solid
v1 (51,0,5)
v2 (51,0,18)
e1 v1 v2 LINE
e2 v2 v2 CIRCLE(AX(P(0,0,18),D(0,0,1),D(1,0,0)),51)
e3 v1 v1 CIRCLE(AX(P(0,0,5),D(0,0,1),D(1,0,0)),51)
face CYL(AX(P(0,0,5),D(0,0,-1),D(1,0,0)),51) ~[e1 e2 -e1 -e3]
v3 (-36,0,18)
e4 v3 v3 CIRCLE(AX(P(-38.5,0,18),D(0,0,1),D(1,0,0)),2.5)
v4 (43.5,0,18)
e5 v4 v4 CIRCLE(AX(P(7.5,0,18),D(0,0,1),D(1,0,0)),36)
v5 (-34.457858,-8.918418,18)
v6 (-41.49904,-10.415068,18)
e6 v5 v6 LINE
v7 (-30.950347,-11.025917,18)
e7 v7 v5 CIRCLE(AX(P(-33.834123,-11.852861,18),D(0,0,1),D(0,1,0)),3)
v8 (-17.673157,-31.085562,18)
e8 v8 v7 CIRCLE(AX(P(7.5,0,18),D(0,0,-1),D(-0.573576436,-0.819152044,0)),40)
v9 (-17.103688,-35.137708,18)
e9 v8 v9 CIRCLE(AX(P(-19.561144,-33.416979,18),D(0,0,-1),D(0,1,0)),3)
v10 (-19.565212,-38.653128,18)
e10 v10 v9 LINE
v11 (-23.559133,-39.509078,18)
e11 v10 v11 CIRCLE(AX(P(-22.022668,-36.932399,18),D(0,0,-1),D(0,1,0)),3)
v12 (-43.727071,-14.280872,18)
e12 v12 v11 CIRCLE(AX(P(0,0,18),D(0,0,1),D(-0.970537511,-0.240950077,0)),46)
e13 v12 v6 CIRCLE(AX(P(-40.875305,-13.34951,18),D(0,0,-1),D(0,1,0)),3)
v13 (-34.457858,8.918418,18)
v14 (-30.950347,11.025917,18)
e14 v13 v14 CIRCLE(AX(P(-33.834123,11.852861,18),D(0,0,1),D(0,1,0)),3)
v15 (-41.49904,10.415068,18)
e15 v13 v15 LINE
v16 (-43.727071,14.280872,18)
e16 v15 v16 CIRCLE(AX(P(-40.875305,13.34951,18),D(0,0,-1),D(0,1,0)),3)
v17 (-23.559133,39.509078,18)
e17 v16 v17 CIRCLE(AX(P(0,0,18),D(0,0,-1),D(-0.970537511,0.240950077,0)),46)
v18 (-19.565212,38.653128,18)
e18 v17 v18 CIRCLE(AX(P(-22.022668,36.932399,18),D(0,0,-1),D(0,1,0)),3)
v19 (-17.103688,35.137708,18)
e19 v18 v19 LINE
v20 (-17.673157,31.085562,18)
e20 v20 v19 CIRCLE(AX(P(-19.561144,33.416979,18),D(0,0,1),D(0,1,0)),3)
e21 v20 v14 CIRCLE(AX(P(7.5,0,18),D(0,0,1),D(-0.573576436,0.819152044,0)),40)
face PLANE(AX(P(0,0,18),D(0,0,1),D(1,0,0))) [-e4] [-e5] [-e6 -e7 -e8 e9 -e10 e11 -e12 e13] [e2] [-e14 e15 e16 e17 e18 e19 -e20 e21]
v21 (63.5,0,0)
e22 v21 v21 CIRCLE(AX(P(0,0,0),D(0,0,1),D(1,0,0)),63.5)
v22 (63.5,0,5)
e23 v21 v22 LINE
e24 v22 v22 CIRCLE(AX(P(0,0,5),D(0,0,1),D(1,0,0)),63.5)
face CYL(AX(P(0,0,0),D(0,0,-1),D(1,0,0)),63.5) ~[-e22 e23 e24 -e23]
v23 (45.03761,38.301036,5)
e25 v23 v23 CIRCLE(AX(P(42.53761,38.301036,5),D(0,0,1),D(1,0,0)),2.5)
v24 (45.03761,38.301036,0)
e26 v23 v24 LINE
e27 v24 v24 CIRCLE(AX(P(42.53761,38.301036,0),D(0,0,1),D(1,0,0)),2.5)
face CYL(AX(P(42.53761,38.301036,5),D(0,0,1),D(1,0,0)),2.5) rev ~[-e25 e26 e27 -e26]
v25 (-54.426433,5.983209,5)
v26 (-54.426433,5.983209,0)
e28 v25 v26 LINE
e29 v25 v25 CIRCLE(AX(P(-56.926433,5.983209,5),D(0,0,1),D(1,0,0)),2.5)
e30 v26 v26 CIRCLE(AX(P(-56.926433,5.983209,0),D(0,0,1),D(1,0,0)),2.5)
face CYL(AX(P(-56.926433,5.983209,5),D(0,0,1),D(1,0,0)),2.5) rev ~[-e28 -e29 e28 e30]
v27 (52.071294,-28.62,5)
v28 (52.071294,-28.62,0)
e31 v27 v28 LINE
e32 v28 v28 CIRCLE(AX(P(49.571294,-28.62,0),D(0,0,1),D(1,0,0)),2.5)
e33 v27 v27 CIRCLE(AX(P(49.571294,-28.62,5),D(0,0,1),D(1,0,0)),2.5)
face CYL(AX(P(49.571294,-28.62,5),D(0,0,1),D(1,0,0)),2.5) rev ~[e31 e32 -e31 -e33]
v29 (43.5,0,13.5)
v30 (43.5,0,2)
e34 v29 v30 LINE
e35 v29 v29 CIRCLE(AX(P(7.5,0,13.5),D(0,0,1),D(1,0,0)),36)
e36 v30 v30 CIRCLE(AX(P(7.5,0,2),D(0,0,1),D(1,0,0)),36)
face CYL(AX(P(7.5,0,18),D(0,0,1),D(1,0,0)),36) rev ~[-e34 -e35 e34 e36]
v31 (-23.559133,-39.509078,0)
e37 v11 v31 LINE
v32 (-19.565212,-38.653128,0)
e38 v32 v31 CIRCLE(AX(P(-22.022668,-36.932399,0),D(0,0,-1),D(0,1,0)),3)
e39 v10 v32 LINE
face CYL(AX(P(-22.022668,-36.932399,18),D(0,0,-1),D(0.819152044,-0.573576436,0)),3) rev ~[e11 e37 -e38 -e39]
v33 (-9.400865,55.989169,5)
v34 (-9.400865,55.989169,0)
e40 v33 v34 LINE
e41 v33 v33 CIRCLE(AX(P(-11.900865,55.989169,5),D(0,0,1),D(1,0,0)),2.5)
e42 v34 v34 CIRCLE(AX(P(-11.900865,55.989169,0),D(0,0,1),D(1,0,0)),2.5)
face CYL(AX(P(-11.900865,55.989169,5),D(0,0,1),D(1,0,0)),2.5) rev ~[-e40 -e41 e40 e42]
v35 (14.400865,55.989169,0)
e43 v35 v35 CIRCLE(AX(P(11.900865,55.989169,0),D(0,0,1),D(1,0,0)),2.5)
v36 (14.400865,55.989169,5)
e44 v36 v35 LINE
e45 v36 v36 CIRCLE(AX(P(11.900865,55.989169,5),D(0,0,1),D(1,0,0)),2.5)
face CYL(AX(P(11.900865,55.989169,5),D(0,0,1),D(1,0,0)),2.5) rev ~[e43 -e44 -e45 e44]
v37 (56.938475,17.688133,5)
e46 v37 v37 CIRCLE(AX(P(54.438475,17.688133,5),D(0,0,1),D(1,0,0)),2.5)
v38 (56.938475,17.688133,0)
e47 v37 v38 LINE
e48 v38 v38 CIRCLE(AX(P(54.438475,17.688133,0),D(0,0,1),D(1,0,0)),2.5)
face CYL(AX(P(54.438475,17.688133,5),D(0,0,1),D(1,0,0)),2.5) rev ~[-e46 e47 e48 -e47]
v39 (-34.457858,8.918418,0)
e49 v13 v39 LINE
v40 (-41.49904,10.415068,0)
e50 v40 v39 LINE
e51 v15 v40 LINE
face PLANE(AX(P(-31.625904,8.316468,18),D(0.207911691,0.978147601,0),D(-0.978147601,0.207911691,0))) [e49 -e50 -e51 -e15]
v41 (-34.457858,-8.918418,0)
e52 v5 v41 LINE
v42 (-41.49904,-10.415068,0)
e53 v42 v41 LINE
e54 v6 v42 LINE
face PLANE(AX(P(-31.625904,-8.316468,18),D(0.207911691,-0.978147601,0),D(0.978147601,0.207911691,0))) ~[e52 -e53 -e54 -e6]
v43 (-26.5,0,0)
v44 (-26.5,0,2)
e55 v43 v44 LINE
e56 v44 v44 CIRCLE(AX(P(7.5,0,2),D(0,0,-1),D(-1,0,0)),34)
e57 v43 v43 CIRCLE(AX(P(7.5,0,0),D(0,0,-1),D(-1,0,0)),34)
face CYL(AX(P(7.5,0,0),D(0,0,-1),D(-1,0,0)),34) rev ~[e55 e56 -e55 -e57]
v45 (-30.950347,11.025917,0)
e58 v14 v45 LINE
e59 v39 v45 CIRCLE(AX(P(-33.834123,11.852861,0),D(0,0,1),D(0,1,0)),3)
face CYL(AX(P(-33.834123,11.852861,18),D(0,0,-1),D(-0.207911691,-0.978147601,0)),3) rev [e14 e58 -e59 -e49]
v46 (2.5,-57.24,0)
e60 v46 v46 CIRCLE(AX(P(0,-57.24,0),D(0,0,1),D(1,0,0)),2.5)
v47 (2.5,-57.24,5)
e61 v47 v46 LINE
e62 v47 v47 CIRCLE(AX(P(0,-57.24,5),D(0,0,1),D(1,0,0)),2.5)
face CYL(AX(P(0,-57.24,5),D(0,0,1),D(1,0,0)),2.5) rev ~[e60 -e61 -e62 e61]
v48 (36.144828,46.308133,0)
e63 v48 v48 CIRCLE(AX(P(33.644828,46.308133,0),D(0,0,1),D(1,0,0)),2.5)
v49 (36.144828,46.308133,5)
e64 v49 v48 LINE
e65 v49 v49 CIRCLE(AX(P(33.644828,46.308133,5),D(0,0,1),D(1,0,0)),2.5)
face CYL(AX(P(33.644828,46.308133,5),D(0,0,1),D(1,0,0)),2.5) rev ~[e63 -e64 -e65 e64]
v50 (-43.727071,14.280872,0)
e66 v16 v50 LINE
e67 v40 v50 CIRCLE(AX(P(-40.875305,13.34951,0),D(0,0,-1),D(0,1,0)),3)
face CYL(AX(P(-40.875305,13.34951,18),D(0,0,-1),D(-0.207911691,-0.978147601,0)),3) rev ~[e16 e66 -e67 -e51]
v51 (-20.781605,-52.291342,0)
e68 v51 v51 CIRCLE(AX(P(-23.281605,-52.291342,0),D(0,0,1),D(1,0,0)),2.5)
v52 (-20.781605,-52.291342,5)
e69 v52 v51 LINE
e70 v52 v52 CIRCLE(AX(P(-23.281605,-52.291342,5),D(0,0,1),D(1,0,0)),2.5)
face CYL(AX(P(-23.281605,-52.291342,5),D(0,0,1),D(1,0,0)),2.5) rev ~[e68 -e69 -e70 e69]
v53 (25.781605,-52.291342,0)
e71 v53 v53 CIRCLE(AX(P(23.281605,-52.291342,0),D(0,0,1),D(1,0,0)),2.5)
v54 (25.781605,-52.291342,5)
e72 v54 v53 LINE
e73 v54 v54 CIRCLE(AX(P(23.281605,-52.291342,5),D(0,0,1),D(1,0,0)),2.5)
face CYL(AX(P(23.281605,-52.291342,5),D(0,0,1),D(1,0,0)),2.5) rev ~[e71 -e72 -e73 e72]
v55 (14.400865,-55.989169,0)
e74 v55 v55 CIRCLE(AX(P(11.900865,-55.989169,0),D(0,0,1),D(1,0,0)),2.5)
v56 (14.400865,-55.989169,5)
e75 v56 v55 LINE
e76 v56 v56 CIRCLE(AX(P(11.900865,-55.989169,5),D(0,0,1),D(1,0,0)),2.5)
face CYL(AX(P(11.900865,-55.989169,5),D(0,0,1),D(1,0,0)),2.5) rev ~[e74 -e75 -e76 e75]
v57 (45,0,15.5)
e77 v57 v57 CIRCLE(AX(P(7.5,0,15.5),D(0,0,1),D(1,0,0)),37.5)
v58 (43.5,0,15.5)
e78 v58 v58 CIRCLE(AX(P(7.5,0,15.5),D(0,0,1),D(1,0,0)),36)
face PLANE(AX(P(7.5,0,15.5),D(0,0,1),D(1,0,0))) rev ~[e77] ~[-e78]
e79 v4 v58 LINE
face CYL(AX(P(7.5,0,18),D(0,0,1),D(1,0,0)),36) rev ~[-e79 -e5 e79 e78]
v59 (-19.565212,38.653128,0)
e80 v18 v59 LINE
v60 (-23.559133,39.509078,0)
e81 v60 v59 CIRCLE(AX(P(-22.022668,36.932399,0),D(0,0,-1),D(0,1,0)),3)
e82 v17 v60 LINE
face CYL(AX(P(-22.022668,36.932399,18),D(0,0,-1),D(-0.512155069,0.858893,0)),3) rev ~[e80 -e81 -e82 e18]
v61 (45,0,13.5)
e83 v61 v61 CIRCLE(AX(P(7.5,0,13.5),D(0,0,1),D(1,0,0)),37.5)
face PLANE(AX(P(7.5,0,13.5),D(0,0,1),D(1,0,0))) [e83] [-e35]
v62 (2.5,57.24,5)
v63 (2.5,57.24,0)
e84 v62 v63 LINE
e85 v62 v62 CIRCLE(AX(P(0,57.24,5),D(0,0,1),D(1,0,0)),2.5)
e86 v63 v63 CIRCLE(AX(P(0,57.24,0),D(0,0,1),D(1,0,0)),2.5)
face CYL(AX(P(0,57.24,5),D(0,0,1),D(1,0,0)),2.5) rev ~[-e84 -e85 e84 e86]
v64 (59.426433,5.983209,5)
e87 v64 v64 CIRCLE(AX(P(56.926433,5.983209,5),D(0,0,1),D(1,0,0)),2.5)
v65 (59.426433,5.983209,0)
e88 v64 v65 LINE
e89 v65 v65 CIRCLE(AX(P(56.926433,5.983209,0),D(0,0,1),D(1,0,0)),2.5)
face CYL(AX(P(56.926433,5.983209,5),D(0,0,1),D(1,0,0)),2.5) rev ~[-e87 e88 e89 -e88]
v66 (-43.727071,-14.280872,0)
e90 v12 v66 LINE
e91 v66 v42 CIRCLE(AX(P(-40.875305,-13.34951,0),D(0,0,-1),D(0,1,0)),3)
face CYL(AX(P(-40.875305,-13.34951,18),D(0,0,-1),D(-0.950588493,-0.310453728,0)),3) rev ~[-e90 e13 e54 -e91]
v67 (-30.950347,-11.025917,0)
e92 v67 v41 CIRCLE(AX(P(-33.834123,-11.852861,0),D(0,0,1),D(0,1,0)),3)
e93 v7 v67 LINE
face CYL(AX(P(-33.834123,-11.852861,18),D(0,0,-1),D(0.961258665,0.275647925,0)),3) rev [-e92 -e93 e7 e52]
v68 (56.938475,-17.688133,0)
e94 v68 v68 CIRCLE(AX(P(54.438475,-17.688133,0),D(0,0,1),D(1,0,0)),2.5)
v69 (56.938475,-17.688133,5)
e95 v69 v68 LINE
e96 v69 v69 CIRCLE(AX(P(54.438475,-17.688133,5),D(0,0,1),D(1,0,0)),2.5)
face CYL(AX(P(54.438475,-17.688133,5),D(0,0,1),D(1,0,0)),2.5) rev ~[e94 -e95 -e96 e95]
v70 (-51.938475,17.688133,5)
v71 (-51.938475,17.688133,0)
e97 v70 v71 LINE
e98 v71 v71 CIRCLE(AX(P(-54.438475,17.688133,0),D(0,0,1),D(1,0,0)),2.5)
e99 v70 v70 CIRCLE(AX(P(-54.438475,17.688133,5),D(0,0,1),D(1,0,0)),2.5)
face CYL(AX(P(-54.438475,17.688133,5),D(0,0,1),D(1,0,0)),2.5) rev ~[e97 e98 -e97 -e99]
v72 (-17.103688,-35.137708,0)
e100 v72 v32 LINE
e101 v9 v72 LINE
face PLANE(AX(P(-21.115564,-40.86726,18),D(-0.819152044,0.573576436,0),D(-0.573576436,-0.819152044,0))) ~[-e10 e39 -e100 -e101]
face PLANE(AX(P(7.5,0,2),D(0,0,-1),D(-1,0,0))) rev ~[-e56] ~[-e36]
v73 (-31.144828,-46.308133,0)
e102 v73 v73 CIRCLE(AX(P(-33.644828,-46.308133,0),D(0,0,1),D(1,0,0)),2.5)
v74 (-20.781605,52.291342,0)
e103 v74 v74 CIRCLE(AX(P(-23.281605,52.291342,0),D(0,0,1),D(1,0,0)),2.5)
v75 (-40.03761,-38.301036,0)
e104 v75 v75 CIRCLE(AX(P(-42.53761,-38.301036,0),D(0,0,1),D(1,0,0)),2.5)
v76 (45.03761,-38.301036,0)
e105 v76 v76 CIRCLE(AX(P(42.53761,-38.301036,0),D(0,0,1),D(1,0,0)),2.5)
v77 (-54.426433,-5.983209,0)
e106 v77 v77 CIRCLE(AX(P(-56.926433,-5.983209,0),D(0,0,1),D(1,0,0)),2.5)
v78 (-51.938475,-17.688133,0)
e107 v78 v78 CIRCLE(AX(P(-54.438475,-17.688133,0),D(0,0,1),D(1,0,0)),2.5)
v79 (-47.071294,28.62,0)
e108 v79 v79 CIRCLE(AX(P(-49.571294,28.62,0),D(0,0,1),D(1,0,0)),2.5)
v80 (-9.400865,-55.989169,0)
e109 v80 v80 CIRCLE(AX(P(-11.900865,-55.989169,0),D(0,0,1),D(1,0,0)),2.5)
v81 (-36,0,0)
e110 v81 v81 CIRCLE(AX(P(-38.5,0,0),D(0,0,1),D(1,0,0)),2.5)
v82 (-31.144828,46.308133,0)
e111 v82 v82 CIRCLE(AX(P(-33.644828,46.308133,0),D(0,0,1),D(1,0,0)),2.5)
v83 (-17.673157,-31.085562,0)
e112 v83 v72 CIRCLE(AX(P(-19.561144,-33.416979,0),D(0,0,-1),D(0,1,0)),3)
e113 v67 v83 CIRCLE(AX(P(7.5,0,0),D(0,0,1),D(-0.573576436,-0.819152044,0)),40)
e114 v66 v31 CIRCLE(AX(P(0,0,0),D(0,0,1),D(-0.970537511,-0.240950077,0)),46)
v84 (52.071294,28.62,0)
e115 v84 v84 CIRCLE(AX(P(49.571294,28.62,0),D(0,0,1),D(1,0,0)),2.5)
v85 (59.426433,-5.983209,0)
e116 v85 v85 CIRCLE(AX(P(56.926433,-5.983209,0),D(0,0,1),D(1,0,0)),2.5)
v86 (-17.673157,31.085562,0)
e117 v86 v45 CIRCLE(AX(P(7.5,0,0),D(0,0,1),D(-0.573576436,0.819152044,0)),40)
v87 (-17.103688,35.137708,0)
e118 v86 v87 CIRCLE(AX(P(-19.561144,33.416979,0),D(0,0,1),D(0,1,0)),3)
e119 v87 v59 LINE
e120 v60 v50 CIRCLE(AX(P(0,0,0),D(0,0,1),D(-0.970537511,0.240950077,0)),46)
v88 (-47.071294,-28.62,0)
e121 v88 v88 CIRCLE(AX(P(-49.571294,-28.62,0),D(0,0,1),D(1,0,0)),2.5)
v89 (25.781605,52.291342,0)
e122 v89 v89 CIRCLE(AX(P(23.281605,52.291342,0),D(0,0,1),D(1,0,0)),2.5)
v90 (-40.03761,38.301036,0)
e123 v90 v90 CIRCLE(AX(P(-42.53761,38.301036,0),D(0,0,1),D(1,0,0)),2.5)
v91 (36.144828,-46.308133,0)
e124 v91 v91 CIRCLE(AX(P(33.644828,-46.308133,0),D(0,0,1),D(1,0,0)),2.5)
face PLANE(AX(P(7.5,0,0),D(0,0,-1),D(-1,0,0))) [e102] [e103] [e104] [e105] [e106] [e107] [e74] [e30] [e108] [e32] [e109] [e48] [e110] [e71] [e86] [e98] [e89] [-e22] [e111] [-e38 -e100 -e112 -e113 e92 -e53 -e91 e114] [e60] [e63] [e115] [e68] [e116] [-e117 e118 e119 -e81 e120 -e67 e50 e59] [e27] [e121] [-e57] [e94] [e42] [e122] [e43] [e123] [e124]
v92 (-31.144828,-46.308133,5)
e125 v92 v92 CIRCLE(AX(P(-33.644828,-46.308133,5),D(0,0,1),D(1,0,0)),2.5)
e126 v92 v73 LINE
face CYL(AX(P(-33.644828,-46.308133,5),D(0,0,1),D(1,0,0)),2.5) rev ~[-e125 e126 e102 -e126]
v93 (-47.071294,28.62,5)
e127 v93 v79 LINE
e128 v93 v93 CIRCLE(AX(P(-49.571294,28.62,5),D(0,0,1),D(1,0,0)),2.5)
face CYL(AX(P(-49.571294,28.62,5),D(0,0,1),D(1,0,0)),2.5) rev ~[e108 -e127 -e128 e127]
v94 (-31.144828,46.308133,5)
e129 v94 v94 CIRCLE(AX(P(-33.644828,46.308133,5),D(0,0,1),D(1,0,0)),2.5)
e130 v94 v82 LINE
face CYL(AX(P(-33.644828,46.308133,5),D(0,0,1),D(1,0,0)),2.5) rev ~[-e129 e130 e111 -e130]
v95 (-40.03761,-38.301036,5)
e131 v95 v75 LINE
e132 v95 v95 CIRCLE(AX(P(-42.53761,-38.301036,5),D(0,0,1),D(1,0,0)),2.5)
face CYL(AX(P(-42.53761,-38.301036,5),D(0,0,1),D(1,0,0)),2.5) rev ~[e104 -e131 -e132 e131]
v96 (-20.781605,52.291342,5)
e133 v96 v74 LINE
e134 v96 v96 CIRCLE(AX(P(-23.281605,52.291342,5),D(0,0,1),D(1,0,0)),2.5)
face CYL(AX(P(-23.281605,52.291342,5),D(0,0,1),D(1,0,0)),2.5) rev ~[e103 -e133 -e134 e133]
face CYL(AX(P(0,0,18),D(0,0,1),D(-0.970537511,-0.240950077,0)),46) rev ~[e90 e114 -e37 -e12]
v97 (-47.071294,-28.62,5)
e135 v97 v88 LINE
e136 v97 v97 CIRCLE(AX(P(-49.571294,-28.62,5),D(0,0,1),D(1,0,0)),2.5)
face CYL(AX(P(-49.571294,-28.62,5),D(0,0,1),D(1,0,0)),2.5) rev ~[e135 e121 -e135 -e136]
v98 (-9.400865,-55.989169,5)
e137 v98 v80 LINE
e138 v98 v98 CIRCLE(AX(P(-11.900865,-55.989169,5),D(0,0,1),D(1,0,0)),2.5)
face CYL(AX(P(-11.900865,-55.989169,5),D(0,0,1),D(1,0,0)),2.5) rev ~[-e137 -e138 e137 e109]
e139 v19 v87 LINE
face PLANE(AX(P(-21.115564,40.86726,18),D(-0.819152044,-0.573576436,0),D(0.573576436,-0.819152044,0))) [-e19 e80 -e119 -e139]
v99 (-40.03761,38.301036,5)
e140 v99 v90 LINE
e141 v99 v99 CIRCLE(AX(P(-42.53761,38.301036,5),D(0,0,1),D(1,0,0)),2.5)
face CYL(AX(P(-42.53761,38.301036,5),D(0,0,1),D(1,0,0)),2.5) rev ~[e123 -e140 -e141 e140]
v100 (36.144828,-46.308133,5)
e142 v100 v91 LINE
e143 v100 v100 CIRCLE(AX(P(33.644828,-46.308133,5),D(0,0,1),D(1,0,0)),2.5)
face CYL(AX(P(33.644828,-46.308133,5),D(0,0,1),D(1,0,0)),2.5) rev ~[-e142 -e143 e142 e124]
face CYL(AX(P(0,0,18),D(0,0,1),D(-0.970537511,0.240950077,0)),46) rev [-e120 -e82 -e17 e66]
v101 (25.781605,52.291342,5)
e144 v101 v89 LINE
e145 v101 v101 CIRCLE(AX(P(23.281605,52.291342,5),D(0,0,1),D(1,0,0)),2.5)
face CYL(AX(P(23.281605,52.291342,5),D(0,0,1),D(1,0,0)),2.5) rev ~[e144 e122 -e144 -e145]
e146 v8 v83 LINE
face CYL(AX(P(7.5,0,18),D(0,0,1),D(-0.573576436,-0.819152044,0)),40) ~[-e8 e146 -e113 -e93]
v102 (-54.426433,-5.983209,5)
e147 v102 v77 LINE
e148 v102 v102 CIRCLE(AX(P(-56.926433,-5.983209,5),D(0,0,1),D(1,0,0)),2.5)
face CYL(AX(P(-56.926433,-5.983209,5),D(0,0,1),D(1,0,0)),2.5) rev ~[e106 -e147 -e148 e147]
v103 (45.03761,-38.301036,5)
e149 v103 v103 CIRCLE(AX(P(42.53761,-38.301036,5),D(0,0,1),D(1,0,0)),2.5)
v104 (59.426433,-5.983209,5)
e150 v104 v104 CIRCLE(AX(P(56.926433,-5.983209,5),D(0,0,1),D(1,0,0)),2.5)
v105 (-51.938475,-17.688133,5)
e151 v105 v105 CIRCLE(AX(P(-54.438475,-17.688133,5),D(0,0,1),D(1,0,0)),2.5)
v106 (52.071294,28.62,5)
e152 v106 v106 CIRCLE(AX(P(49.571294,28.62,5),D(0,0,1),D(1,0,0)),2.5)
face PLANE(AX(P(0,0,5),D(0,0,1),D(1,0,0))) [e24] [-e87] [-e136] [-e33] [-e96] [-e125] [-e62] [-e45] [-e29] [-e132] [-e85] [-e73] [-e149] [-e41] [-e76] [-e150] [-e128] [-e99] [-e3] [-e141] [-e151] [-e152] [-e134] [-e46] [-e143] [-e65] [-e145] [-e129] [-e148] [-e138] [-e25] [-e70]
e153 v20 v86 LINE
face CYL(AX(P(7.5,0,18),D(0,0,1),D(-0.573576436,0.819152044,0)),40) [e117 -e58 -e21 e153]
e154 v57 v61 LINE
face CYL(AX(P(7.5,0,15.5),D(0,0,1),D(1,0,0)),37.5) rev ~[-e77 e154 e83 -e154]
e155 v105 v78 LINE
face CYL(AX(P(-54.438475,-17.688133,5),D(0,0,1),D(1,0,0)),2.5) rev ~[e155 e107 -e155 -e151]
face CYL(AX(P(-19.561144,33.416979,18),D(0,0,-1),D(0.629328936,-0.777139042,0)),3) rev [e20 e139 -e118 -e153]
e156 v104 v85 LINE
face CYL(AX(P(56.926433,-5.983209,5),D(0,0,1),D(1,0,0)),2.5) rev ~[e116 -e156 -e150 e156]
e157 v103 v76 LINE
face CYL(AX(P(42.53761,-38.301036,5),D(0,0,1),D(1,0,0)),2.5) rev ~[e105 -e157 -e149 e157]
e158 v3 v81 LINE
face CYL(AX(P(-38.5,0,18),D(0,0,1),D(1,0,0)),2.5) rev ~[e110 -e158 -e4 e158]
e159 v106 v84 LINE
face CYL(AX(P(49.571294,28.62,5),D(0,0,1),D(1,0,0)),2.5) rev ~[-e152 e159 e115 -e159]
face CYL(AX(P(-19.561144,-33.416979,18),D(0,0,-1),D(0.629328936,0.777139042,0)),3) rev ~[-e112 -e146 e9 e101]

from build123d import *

# Parameters (mm, degrees)
SKETCH1_R           = 63.5
BOSS_EXTRUDE1_DEPTH = 5
SKETCH2_R           = 51
BOSS_EXTRUDE2_DEPTH = 13
SKETCH3_R           = 36
CUT_EXTRUDE1_DEPTH  = 19
CUT_EXTRUDE3_START  = -2.5
SKETCH4_R           = 37.5
SKETCH4_R_2         = 36
CUT_EXTRUDE3_DEPTH  = 2
SKETCH6_R           = 36
SKETCH6_R_2         = 34
BOSS_EXTRUDE6_DEPTH = 2
SKETCH9_R           = 2.5
CUT_EXTRUDE9_DEPTH  = 6
SKETCH10_R          = 2.5
CUT_EXTRUDE10_DEPTH = 19
CUT_EXTRUDE11_DEPTH = 19
FILLET1_R           = 3
FILLET2_R           = 3
FILLET3_R           = 3


with BuildPart() as part:
    # Sketch1 → Boss-Extrude1 (new body)
    with BuildSketch(Plane.XY):
        Circle(SKETCH1_R)
    extrude(amount=BOSS_EXTRUDE1_DEPTH)

    # Sketch2 → Boss-Extrude2 (add)
    with BuildSketch(Plane.XY.offset(5)):
        Circle(SKETCH2_R)
    extrude(amount=BOSS_EXTRUDE2_DEPTH)

    # Sketch3 → Cut-Extrude1 (cut, through all)
    with BuildSketch(Plane.XY.offset(18)):
        with Locations((7.5, 0)):
            Circle(SKETCH3_R)
    extrude(amount=-CUT_EXTRUDE1_DEPTH, mode=Mode.SUBTRACT)

    # Sketch4 → Cut-Extrude3 (cut)
    with BuildSketch(Plane.XY.offset(18).offset(CUT_EXTRUDE3_START)):
        with Locations((7.5, 0)):
            Circle(SKETCH4_R)
        with Locations((7.5, 0)):
            Circle(SKETCH4_R_2, mode=Mode.SUBTRACT)
    extrude(amount=-CUT_EXTRUDE3_DEPTH, mode=Mode.SUBTRACT)

    # Sketch6 → Boss-Extrude6 (add)
    with BuildSketch(Plane(origin=(0, 0, 0), x_dir=(-1, 0, 0), z_dir=(0, 0, -1))):
        with Locations((-7.5, 0)):
            Circle(SKETCH6_R)
        with Locations((-7.5, 0)):
            Circle(SKETCH6_R_2, mode=Mode.SUBTRACT)
    extrude(amount=-BOSS_EXTRUDE6_DEPTH)

    # Sketch9 → Cut-Extrude9 (cut, through all)
    with BuildSketch(Plane.XY.offset(5)):
        with Locations((0, 57.24)):
            Circle(SKETCH9_R)
        with Locations((11.900865182, 55.989168666)):
            Circle(SKETCH9_R)
        with Locations((23.28160545, 52.291341995)):
            Circle(SKETCH9_R)
        with Locations((33.644827841, 46.308132758)):
            Circle(SKETCH9_R)
        with Locations((42.53760981, 38.301035908)):
            Circle(SKETCH9_R)
        with Locations((49.571294113, 28.62)):
            Circle(SKETCH9_R)
        with Locations((54.438474993, 17.688132758)):
            Circle(SKETCH9_R)
        with Locations((56.926433291, 5.983209237)):
            Circle(SKETCH9_R)
        with Locations((56.926433291, -5.983209237)):
            Circle(SKETCH9_R)
        with Locations((54.438474993, -17.688132758)):
            Circle(SKETCH9_R)
        with Locations((49.571294113, -28.62)):
            Circle(SKETCH9_R)
        with Locations((42.53760981, -38.301035908)):
            Circle(SKETCH9_R)
        with Locations((33.644827841, -46.308132758)):
            Circle(SKETCH9_R)
        with Locations((23.28160545, -52.291341995)):
            Circle(SKETCH9_R)
        with Locations((11.900865182, -55.989168666)):
            Circle(SKETCH9_R)
        with Locations((0, -57.24)):
            Circle(SKETCH9_R)
        with Locations((-11.900865182, -55.989168666)):
            Circle(SKETCH9_R)
        with Locations((-23.28160545, -52.291341995)):
            Circle(SKETCH9_R)
        with Locations((-33.644827841, -46.308132758)):
            Circle(SKETCH9_R)
        with Locations((-42.53760981, -38.301035908)):
            Circle(SKETCH9_R)
        with Locations((-49.571294113, -28.62)):
            Circle(SKETCH9_R)
        with Locations((-54.438474993, -17.688132758)):
            Circle(SKETCH9_R)
        with Locations((-56.926433291, -5.983209237)):
            Circle(SKETCH9_R)
        with Locations((-56.926433291, 5.983209237)):
            Circle(SKETCH9_R)
        with Locations((-54.438474993, 17.688132758)):
            Circle(SKETCH9_R)
        with Locations((-49.571294113, 28.62)):
            Circle(SKETCH9_R)
        with Locations((-42.53760981, 38.301035908)):
            Circle(SKETCH9_R)
        with Locations((-33.644827841, 46.308132758)):
            Circle(SKETCH9_R)
        with Locations((-23.28160545, 52.291341995)):
            Circle(SKETCH9_R)
        with Locations((-11.900865182, 55.989168666)):
            Circle(SKETCH9_R)
    extrude(amount=-CUT_EXTRUDE9_DEPTH, mode=Mode.SUBTRACT)

    # Sketch10 → Cut-Extrude10 (cut, through all)
    with BuildSketch(Plane.XY.offset(18)):
        with Locations((-38.5, 0)):
            Circle(SKETCH10_R)
    extrude(amount=-CUT_EXTRUDE10_DEPTH, mode=Mode.SUBTRACT)

    # Sketch11 → Cut-Extrude11 (cut, through all)
    with BuildSketch(Plane.XY.offset(18)):
        with BuildLine():
            ThreePointArc((-15.443057454, 32.766081772), (-25.855432883, 22.077479412), (-31.625904029, 8.316467633))
            Line((-31.625904029, 8.316467633), (-44.644725504, 11.083703562))
            ThreePointArc((-44.644725504, 11.083703562), (-36.095276344, 28.515452402), (-21.115563753, 40.867260336))
            Line((-21.115563753, 40.867260336), (-15.443057454, 32.766081772))
        make_face()
    cut_extrude11 = extrude(amount=-CUT_EXTRUDE11_DEPTH, mode=Mode.SUBTRACT)

    # Mirror1: Cut-Extrude11 across plane
    add(cut_extrude11.mirror(Plane.ZX), mode=Mode.SUBTRACT)

    # Fillet1
    fillet1_edges = [part.edges().sort_by_distance(p)[0] for p in [
        (-44.644725504, 11.083703562, 9),
    ]]
    fillet(fillet1_edges, radius=FILLET1_R)

    # Fillet2
    fillet2_edges = [part.edges().sort_by_distance(p)[0] for p in [
        (-15.443057454, 32.766081772, 9),
        (-31.625904029, 8.316467633, 9),
        (-21.115563753, 40.867260336, 9),
    ]]
    fillet(fillet2_edges, radius=FILLET2_R)

    # Fillet3
    fillet3_edges = [part.edges().sort_by_distance(p)[0] for p in [
        (-31.625904029, -8.316467633, 9),
        (-15.443057454, -32.766081772, 9),
        (-21.115563753, -40.867260336, 9),
        (-44.644725504, -11.083703562, 9),
    ]]
    fillet(fillet3_edges, radius=FILLET3_R)


solid = part.part
